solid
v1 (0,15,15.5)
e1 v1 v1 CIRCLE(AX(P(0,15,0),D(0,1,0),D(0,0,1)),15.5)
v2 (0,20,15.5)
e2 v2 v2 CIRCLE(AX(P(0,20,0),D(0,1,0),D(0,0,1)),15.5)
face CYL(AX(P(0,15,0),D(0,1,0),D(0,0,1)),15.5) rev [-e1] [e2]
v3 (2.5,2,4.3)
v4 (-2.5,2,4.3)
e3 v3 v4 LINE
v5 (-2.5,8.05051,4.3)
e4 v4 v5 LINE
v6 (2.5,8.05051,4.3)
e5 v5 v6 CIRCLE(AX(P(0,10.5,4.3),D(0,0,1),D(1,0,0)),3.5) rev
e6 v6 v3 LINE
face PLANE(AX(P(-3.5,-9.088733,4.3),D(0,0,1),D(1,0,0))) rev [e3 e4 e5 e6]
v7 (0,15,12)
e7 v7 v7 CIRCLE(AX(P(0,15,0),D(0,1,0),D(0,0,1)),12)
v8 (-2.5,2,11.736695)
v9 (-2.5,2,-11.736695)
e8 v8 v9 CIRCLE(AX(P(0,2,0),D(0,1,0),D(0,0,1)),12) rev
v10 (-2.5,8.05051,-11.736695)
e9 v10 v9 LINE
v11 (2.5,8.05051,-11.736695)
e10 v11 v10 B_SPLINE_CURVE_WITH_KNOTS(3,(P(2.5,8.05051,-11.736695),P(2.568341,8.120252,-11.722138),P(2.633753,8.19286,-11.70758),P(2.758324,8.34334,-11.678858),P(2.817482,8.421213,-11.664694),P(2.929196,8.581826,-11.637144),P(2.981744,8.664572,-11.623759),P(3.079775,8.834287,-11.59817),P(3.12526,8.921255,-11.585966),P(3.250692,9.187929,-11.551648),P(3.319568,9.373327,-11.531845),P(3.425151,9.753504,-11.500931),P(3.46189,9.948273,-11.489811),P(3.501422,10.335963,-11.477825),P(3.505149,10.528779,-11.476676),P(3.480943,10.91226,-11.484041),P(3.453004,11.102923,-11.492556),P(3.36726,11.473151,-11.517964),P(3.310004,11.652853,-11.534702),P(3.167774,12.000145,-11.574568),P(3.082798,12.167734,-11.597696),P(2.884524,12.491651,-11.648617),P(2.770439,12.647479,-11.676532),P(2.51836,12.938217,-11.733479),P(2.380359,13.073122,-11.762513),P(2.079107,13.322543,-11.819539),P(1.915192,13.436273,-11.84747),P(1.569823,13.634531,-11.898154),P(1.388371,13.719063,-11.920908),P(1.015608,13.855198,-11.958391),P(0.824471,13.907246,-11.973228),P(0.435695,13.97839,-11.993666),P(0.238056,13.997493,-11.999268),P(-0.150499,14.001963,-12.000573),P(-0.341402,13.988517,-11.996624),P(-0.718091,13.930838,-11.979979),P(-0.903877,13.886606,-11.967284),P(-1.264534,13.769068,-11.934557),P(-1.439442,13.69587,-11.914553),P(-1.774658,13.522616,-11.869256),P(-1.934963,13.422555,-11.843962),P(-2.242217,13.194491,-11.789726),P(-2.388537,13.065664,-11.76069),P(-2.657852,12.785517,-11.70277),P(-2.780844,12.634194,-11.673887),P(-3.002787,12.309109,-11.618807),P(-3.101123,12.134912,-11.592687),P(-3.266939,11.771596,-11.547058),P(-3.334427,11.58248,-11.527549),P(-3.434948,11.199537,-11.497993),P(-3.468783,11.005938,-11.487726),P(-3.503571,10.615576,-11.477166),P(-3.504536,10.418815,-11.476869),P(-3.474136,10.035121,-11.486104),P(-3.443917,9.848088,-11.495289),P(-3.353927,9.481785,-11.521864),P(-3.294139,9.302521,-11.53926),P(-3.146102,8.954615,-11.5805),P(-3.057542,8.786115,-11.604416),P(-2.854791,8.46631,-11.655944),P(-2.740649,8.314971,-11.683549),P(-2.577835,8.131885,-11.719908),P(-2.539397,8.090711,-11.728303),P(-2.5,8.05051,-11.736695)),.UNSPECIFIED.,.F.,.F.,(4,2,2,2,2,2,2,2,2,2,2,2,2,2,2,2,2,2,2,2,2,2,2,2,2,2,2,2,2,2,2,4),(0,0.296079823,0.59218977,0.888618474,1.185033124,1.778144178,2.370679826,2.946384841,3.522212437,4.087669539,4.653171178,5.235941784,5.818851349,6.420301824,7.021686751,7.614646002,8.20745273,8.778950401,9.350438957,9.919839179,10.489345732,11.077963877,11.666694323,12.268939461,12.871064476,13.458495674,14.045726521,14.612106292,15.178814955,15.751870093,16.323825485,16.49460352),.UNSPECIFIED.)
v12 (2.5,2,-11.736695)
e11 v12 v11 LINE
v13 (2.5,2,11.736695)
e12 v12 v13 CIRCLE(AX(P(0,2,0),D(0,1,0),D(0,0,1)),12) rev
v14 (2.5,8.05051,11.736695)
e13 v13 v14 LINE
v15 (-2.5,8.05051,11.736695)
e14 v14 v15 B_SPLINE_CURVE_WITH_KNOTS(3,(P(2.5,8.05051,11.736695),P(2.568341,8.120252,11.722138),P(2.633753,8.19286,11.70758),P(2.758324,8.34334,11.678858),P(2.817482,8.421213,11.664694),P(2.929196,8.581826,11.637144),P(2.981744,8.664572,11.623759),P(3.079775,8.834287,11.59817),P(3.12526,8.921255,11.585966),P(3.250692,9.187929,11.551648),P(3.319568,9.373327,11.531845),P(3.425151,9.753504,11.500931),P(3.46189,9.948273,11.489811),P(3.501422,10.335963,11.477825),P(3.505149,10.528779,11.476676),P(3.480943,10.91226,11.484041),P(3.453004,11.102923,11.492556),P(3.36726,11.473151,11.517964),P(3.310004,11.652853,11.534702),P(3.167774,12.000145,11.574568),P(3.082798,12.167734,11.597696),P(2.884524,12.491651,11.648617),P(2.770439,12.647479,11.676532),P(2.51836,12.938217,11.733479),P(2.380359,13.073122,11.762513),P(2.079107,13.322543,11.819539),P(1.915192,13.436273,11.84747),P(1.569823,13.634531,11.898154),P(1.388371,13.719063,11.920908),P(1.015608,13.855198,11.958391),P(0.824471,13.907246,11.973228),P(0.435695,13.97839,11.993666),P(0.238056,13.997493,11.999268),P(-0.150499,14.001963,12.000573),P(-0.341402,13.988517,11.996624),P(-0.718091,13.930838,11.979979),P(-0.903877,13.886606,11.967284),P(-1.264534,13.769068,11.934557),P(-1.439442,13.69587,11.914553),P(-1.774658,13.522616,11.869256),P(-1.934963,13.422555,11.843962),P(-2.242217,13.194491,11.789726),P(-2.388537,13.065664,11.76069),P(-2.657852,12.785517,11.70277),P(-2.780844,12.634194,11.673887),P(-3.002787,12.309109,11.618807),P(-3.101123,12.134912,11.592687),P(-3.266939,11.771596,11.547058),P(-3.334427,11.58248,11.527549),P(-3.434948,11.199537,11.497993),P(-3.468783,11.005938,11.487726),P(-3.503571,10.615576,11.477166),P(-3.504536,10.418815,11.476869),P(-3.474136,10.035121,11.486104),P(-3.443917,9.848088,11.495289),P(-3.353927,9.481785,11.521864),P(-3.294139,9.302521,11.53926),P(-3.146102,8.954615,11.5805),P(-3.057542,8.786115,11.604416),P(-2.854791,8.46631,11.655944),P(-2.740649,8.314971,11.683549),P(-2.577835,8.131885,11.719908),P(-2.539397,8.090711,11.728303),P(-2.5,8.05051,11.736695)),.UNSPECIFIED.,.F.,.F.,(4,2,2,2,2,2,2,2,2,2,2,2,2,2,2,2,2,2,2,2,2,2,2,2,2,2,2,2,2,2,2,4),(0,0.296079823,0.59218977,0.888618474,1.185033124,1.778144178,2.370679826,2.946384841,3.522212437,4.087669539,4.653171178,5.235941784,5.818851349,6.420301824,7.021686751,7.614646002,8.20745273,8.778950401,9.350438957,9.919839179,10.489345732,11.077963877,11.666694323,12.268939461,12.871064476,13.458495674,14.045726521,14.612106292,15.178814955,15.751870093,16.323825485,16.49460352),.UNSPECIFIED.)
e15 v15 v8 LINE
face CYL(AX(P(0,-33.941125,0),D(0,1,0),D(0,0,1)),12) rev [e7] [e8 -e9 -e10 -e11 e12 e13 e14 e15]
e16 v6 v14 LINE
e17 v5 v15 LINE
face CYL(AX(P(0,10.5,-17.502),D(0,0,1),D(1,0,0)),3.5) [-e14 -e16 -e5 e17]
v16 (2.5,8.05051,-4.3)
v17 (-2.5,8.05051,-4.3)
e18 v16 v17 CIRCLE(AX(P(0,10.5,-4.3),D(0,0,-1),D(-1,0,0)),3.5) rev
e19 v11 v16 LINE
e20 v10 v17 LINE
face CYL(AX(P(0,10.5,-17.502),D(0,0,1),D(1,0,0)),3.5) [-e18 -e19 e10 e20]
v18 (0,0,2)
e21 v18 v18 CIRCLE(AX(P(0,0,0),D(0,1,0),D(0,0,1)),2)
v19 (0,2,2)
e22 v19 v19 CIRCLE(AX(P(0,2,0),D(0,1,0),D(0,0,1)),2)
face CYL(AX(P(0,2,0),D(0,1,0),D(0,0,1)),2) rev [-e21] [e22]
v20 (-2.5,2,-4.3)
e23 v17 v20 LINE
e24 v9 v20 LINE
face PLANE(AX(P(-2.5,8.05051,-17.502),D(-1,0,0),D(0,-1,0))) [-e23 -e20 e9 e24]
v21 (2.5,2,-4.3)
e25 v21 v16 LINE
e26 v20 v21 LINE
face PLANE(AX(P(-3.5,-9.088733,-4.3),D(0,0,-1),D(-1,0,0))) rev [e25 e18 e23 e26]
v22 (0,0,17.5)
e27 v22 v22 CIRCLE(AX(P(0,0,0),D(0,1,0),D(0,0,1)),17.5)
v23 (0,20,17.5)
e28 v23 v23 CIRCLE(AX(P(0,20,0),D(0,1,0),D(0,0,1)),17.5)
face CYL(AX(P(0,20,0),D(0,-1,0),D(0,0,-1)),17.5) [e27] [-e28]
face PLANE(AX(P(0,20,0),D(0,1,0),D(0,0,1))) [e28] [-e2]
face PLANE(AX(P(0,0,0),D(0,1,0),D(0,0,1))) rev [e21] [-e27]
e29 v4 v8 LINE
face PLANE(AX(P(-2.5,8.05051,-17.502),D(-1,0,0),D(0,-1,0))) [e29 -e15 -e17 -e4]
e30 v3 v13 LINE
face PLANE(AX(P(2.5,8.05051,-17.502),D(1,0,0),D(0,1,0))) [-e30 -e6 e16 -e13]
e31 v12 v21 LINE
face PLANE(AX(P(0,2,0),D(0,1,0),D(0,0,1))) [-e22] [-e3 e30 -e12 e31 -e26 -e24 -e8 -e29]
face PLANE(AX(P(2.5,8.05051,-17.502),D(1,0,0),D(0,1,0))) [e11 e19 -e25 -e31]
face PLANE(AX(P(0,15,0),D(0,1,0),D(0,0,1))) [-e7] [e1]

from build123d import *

# Parameters (mm, degrees)
SKETCH1_R                            = 17.5
BOSS_EXTRUDE1_DEPTH                  = 20
SKETCH2_R                            = 12
CUT_EXTRUDE1_DEPTH                   = 18
SKETCH2_3_R                          = 15.5
SKETCH2_3_R_2                        = 12
CUT_EXTRUDE2_DEPTH                   = 5
BOSS_EXTRUDE2_REACH                  = 33.82
BOSS_EXTRUDE2_END_RADIUS             = 12
BOSS_EXTRUDE2_DIRECTION_2_REACH      = 33.82
BOSS_EXTRUDE2_DIRECTION_2_END_RADIUS = 12
SKETCH5_W                            = 7
SKETCH5_H                            = 8.6
CUT_EXTRUDE3_DEPTH                   = 18
F_4_0MM_DOWEL_HOLE1_D                = 4
F_4_0MM_DOWEL_HOLE1_ON_FACE_2_D      = 4


with BuildPart() as part:
    # Sketch1 → Boss-Extrude1 (new body)
    with BuildSketch(Plane(origin=(0, 0, 0), x_dir=(1, 0, 0), z_dir=(0, 1, 0))):
        with Locations(Location((0, 0, 0), (0, 0, 270))):
            Circle(SKETCH1_R)
    extrude(amount=BOSS_EXTRUDE1_DEPTH)

    # Sketch2 → Cut-Extrude1 (cut)
    with BuildSketch(Plane(origin=(0, 20, 0), x_dir=(1, 0, 0), z_dir=(0, 1, 0))):
        with Locations(Location((0, 0, 0), (0, 0, 270))):
            Circle(SKETCH2_R)
    extrude(amount=-CUT_EXTRUDE1_DEPTH, mode=Mode.SUBTRACT)

    # Sketch2<3> → Cut-Extrude2 (cut)
    with BuildSketch(Plane(origin=(0, 20, 0), x_dir=(1, 0, 0), z_dir=(0, 1, 0))):
        with Locations(Location((0, 0, 0), (0, 0, 270))):
            Circle(SKETCH2_3_R)
        with Locations(Location((0, 0, 0), (0, 0, 270))):
            Circle(SKETCH2_3_R_2, mode=Mode.SUBTRACT)
    extrude(amount=-CUT_EXTRUDE2_DEPTH, mode=Mode.SUBTRACT)

    # Boss-Extrude2: up to this cylinder (the profile starts inside it)
    boss_extrude2_end = Plane(origin=(0, 8.116384, 0), z_dir=(0, 1, 0)) * Cylinder(BOSS_EXTRUDE2_END_RADIUS, 92.64, mode=Mode.PRIVATE)
    # Sketch3 → Boss-Extrude2 (add, up to the surface)
    with BuildSketch(Plane.XY, mode=Mode.PRIVATE) as boss_extrude2_sk1:
        with BuildLine():
            Line((-2.5, 8.050510257), (-2.5, 2))
            Line((-2.5, 2), (2.5, 2))
            Line((2.5, 2), (2.5, 8.050510257))
            ThreePointArc((2.5, 8.050510257), (0, 14), (-2.5, 8.050510257))
        make_face()
    boss_extrude2_tool1 = extrude(boss_extrude2_sk1.sketch, amount=BOSS_EXTRUDE2_REACH, mode=Mode.PRIVATE) & boss_extrude2_end
    add(boss_extrude2_tool1.solids().sort_by_distance((0, 8.116384, 0))[0])

    # Boss-Extrude2 direction 2: up to this cylinder (the profile starts inside it)
    boss_extrude2_direction_2_end = Plane(origin=(0, 8.116384, 0), z_dir=(0, 1, 0)) * Cylinder(BOSS_EXTRUDE2_DIRECTION_2_END_RADIUS, 92.64, mode=Mode.PRIVATE)
    # Sketch3 → Boss-Extrude2 direction 2 (add, up to the surface)
    with BuildSketch(Plane.XY, mode=Mode.PRIVATE) as boss_extrude2_direction_2_sk1:
        with BuildLine():
            Line((-2.5, 8.050510257), (-2.5, 2))
            Line((-2.5, 2), (2.5, 2))
            Line((2.5, 2), (2.5, 8.050510257))
            ThreePointArc((2.5, 8.050510257), (0, 14), (-2.5, 8.050510257))
        make_face()
    boss_extrude2_direction_2_tool1 = extrude(boss_extrude2_direction_2_sk1.sketch, amount=-BOSS_EXTRUDE2_DIRECTION_2_REACH, mode=Mode.PRIVATE) & boss_extrude2_direction_2_end
    add(boss_extrude2_direction_2_tool1.solids().sort_by_distance((0, 8.116384, 0))[0])

    # Sketch5 → Cut-Extrude3 (cut)
    with BuildSketch(Plane(origin=(0, 20, 0), x_dir=(1, 0, 0), z_dir=(0, 1, 0))):
        Rectangle(SKETCH5_W, SKETCH5_H)
    extrude(amount=-CUT_EXTRUDE3_DEPTH, mode=Mode.SUBTRACT)

    # Ø4.0mm Dowel Hole1 (through all)
    with Locations(Plane(origin=(0, 0, 0), x_dir=(0, 0, -1), z_dir=(0, -1, 0))):
        with Locations((0, 0)):
            Hole(F_4_0MM_DOWEL_HOLE1_D / 2)

    # Ø4.0mm Dowel Hole1 on face 2 (through all)
    with Locations(Plane.ZX.offset(2)):
        with Locations((0, 0)):
            Hole(F_4_0MM_DOWEL_HOLE1_ON_FACE_2_D / 2)


solid = part.part
